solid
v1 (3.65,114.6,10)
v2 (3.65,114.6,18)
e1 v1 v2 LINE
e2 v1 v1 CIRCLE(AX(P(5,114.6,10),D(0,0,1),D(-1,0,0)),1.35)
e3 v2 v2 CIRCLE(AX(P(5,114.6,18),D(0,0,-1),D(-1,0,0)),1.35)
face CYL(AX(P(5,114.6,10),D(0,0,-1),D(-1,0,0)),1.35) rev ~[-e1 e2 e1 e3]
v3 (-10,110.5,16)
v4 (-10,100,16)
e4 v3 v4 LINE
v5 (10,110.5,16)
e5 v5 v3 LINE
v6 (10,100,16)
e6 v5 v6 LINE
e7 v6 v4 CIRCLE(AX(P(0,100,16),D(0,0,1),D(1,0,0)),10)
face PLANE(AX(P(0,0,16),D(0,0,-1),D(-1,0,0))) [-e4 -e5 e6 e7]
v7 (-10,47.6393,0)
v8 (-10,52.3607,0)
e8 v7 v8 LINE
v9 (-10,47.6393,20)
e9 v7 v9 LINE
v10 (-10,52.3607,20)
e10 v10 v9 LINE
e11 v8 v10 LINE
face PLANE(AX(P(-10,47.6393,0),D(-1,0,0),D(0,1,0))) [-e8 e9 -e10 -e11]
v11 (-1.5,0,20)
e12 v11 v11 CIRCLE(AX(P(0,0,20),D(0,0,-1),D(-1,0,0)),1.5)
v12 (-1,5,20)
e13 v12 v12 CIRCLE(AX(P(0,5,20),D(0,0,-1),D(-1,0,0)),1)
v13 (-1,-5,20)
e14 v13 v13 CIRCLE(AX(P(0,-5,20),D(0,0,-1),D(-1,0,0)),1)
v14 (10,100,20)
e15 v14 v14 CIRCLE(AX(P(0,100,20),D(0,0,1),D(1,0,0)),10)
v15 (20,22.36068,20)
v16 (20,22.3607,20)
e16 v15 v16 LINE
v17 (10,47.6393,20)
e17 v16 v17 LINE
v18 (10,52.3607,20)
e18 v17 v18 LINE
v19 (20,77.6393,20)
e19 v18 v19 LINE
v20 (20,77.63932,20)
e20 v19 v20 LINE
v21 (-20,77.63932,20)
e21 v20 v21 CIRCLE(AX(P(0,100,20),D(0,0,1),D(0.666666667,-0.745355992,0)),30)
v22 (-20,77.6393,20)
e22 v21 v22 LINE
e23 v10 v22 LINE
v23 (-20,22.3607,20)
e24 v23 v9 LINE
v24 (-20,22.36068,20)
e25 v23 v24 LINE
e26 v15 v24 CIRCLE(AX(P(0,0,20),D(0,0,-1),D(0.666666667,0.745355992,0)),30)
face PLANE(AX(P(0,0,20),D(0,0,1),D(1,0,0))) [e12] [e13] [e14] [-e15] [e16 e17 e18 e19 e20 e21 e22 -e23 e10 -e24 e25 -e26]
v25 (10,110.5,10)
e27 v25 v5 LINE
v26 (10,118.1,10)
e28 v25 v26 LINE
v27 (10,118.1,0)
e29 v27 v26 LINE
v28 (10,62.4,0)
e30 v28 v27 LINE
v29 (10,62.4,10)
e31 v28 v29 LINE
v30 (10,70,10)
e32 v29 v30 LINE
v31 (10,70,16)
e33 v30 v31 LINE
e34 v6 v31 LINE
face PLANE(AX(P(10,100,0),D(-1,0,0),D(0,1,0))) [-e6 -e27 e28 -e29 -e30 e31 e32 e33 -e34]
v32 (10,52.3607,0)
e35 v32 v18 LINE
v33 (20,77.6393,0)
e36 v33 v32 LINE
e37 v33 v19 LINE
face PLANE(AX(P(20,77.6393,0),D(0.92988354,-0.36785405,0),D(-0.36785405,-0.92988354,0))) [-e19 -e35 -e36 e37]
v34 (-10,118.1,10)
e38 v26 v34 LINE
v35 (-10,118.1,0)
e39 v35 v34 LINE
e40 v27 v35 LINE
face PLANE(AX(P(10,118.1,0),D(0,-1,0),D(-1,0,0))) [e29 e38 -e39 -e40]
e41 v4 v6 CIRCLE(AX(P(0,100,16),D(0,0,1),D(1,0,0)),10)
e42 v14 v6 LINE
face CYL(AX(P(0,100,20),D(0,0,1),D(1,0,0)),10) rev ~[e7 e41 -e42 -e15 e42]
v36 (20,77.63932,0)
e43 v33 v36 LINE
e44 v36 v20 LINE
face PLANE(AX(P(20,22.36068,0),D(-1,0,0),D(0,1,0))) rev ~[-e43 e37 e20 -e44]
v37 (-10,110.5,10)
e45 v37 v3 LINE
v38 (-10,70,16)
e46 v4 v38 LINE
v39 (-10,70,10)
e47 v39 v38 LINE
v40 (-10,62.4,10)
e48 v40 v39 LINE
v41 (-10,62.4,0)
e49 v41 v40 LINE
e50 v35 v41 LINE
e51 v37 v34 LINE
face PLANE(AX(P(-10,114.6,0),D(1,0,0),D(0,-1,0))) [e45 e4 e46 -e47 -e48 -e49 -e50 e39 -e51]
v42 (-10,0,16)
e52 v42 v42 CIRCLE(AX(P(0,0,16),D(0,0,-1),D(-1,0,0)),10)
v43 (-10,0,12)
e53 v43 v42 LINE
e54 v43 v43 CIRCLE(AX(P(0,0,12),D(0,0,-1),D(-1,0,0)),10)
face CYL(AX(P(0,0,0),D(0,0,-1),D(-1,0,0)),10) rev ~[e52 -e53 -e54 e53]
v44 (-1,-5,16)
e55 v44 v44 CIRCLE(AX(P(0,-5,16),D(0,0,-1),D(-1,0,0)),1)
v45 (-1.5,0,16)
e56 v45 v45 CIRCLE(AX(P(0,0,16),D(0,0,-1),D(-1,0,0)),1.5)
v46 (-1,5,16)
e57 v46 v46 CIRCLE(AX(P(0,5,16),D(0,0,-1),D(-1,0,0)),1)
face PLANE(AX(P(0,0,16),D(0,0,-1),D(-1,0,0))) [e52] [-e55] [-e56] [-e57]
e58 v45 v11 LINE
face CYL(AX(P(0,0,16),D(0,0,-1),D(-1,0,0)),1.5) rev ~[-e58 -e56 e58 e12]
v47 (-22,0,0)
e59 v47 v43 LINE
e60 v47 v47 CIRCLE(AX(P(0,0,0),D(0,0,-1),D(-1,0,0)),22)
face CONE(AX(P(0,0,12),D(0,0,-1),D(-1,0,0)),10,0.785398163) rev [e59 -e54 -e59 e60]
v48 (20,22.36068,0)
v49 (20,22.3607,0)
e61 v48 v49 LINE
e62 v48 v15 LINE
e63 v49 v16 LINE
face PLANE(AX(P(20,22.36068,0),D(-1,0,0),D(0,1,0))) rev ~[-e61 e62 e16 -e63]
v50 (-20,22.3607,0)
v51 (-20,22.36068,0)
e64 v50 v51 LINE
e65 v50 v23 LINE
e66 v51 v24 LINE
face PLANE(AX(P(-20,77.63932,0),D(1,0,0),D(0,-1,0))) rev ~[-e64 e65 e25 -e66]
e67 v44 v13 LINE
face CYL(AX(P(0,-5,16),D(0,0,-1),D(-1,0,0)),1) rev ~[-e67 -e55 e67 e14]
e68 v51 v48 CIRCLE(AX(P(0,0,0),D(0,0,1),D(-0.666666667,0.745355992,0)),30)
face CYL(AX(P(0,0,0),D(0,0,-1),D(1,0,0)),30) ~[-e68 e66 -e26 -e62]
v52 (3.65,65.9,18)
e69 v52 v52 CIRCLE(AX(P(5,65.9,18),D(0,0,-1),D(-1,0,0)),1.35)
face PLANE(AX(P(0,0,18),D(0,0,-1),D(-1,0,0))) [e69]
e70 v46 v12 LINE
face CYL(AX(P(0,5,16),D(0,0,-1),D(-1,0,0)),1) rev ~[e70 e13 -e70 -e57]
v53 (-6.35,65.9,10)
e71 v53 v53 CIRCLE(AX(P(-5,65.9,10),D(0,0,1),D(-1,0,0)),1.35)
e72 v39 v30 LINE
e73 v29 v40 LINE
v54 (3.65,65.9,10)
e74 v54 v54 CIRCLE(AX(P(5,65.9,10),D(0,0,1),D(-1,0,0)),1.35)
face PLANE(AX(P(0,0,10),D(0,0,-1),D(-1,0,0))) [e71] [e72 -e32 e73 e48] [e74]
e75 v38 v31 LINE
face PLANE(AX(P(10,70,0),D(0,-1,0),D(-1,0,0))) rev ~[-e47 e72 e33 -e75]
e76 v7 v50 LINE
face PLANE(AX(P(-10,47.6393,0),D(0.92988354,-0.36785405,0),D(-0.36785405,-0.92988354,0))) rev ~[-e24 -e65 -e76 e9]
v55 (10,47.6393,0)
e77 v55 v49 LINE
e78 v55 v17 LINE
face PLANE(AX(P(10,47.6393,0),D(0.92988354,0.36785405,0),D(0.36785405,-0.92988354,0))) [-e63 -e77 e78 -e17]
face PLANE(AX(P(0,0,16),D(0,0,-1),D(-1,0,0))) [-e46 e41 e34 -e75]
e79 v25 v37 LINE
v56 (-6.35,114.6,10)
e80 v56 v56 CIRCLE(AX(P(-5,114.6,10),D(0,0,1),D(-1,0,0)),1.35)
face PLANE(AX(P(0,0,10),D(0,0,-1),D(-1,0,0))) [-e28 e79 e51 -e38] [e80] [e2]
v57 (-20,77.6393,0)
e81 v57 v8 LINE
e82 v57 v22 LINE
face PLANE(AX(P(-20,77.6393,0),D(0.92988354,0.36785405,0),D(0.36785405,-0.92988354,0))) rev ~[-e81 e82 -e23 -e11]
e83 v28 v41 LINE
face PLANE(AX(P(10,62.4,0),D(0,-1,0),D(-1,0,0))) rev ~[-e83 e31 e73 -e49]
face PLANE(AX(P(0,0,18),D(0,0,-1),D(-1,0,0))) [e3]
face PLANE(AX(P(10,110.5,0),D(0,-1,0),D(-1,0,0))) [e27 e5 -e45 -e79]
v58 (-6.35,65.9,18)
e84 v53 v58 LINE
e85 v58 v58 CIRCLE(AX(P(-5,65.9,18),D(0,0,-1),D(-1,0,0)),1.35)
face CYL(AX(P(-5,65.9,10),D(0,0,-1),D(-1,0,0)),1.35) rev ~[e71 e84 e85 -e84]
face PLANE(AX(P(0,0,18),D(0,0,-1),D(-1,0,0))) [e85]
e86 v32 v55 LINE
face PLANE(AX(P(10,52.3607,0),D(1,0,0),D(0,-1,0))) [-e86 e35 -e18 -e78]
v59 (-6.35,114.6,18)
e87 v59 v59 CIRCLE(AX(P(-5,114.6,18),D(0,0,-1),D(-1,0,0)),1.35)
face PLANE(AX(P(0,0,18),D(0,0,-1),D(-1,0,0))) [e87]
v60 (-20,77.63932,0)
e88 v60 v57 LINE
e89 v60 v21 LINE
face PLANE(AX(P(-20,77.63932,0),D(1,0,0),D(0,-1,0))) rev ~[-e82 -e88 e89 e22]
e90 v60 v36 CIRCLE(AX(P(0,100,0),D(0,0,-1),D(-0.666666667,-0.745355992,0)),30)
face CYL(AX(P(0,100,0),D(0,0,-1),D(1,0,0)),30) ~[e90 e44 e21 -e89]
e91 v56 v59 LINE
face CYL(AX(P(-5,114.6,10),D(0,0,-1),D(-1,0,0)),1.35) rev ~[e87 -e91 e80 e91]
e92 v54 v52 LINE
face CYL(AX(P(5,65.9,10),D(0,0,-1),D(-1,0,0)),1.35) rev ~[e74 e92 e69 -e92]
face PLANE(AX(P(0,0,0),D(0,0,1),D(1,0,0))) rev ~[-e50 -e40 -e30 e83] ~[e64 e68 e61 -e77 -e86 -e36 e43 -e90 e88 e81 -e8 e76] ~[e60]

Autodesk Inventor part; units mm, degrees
ref_plane "YZ Plane" through (0, 0, 0) normal (1, 0, 0) x (0, 1, 0)
ref_plane "XZ Plane" through (0, 0, 0) normal (0, 1, 0) x (-1, 0, 0)
ref_plane "XY Plane" through (0, 0, 0) normal (0, 0, 1) x (1, 0, 0)
sketch "Sketch1" plane through (0, 0, 0) normal (0, 0, 1) x (1, 0, 0)
  circle A0 centre (0, 0) radius 30
  circle A1 centre (0, 100) radius 30
  line L0 (-20, 0) -> (20, 0)
  line L1 (20, 0) -> (20, 100)
  line L2 (20, 100) -> (-20, 100)
  line L3 (-20, 100) -> (-20, 0)
  point P0 (20, 77.6393)
  point P1 (-20, 77.6393)
  point P2 (-20, 22.3607)
  point P3 (20, 22.3607)
  dimension "d0" = 60
  dimension "d1" = 60
  dimension "d2" = 40
extrude "Extrusion1" add sketch "Sketch1" along normal blind 20
sketch "Sketch2" plane through (0, 0, 20) normal (0, 0, 1) x (1, 0, 0)
  circle A0 centre (0, 0) radius 10
  dimension "d5" = 20
extrude "Extrusion2" cut sketch "Sketch2" against normal blind 16
sketch "Sketch3" plane through (0, 0, 4) normal (0, 0, 1) x (1, 0, 0)
  circle A0 centre (0, 0) radius 1
  circle A1 centre (5, 0) radius 1
  circle A2 centre (-5, 0) radius 1
  dimension "d11" = 2
  dimension "d12" = 2
  dimension "d13" = 2
extrude "Extrusion3" cut sketch "Sketch3" against normal blind 28.45
sketch "Sketch4" plane through (0, 0, 0) normal (0, 0, -1) x (-1, 0, 0)
  line L0 (0, 100) -> (10, 100)
  line L1 (10, 100) -> (10, 70)
  line L2 (10, 70) -> (0, 70)
  line L3 (0, 70) -> (0, 100)
  line L4 (0, 100) -> (-10, 100)
  line L5 (-10, 100) -> (-10, 70)
  line L6 (-10, 70) -> (0, 70)
  line L7 (0, 70) -> (0, 100)
  line L8 (10, 100) -> (-10, 100)
  line L9 (-10, 100) -> (-10, 110.5)
  line L10 (-10, 110.5) -> (10, 110.5)
  line L11 (10, 110.5) -> (10, 100)
  point P0 (0, 0)
  dimension "d16" = 10
  dimension "d17" = 30
  dimension "d18" = 10
  dimension "d19" = 10.5
extrude "Extrusion4" cut sketch "Sketch4" against normal blind 16
sketch "Sketch5" plane through (0, 0, 0) normal (0, 0, -1) x (-1, 0, 0)
  line L0 (10, 110.5) -> (10, 70) projected
  line L1 (10, 110.5) -> (-10, 110.5)
  line L2 (-10, 110.5) -> (-10, 118.1)
  line L3 (-10, 118.1) -> (10, 118.1)
  line L4 (10, 118.1) -> (10, 110.5)
  line L5 (10, 70) -> (-10, 70)
  line L6 (-10, 70) -> (-10, 62.4)
  line L7 (-10, 62.4) -> (10, 62.4)
  line L8 (10, 62.4) -> (10, 70)
  line L9 (-10, 110.5) -> (10, 110.5) projected
  line L10 (10, 110.5) -> (-10, 110.5)
  line L11 (-10, 110.5) -> (-10, 114.6)
  line L12 (-10, 114.6) -> (10, 114.6)
  line L13 (10, 114.6) -> (10, 110.5)
  line L14 (10, 70) -> (-10, 70)
  line L15 (-10, 70) -> (-10, 65.9)
  line L16 (-10, 65.9) -> (10, 65.9)
  line L17 (10, 65.9) -> (10, 70)
  line L18 (0, 110.5) -> (5, 110.5)
  line L19 (5, 110.5) -> (5, 114.6)
  line L20 (5, 114.6) -> (0, 114.6)
  line L21 (0, 114.6) -> (0, 110.5)
  line L22 (0, 110.5) -> (-5, 110.5)
  line L23 (-5, 110.5) -> (-5, 114.6)
  line L24 (-5, 114.6) -> (0, 114.6)
  line L25 (0, 114.6) -> (0, 110.5)
  line L26 (0, 70) -> (5, 70)
  line L27 (5, 70) -> (5, 65.9)
  line L28 (5, 65.9) -> (0, 65.9)
  line L29 (0, 65.9) -> (0, 70)
  line L30 (0, 70) -> (-5, 70)
  line L31 (-5, 70) -> (-5, 65.9)
  line L32 (-5, 65.9) -> (0, 65.9)
  line L33 (0, 65.9) -> (0, 70)
  point P0 (0, 0)
  dimension "d22" = 7.6
  dimension "d23" = 7.6
  dimension "d24" = 4.1
  dimension "d25" = 4.1
  dimension "d26" = 5
  dimension "d27" = 5
  dimension "d28" = 5
  dimension "d29" = 5
extrude "Extrusion5" cut sketch "Sketch5" against normal blind 10
sketch "Sketch6" plane through (0, 0, 10) normal (0, 0, -1) x (-1, 0, 0)
  line L0 (10, 110.5) -> (10, 70) projected
  line L1 (-10, 62.4) -> (-10, 118.1) projected
  line L2 (10, 110.5) -> (-10, 110.5)
  line L3 (-10, 110.5) -> (-10, 114.6)
  line L4 (-10, 114.6) -> (10, 114.6)
  line L5 (10, 114.6) -> (10, 110.5)
  line L6 (10, 70) -> (-10, 70) projected
  line L7 (-10, 62.4) -> (-10, 70) projected
  line L8 (10, 70) -> (-10, 70)
  line L9 (-10, 70) -> (-10, 65.9)
  line L10 (-10, 65.9) -> (10, 65.9)
  line L11 (10, 65.9) -> (10, 70)
  line L12 (-10, 110.5) -> (10, 110.5) projected
  line L13 (0, 114.6) -> (5, 114.6)
  line L14 (5, 114.6) -> (5, 110.5)
  line L15 (5, 110.5) -> (0, 110.5)
  line L16 (0, 110.5) -> (0, 114.6)
  line L17 (0, 110.5) -> (-5, 110.5)
  line L18 (-5, 110.5) -> (-5, 114.6)
  line L19 (-5, 114.6) -> (0, 114.6)
  line L20 (0, 114.6) -> (0, 110.5)
  line L21 (0, 70) -> (5, 70)
  line L22 (5, 70) -> (5, 65.9)
  line L23 (5, 65.9) -> (0, 65.9)
  line L24 (0, 65.9) -> (0, 70)
  line L25 (0, 70) -> (-5, 70)
  line L26 (-5, 70) -> (-5, 65.9)
  line L27 (-5, 65.9) -> (0, 65.9)
  line L28 (0, 65.9) -> (0, 70)
  circle A0 centre (5, 114.6) radius 1.35
  circle A1 centre (-5, 114.6) radius 1.35
  circle A2 centre (5, 65.9) radius 1.35
  circle A3 centre (-5, 65.9) radius 1.35
  point P0 (0, 0)
  dimension "d32" = 4.1
  dimension "d33" = 4.1
  dimension "d34" = 5
  dimension "d35" = 5
  dimension "d36" = 2.7
  dimension "d37" = 2.7
  dimension "d38" = 2.7
  dimension "d39" = 2.7
extrude "Extrusion6" cut sketch "Sketch6" against normal blind 8 contours A0 L4 L14 | L14 L4 A0 | L4 A0 | A2 L10 L22 | L22 L10 A2 | A2 L10 | A1 L4 L18 | L18 L4 A1 | L4 A1 | A3 L10 L26 | L26 L10 A3 | A3 L10
sketch "Sketch7" plane through (0, 0, 20) normal (0, 0, 1) x (1, 0, 0)
  circle A0 centre (0, 100) radius 10
  point P0 (0, 0)
  dimension "d50" = 20
extrude "Extrusion7" cut sketch "Sketch7" against normal blind 4
sketch "Sketch8" plane through (0, 0, 0) normal (0, 0, -1) x (-1, 0, 0)
  line L0 (20, 77.6393) -> (20, 22.3607) projected
  arc A0 (20, 77.6393) -> (-20, 77.6393) centre (0, 100) ccw projected
  line L1 (20, 22.3607) -> (-20, 22.3607)
  line L2 (-20, 22.3607) -> (-20, 77.6393)
  line L3 (-20, 77.6393) -> (20, 77.6393)
  line L4 (20, 77.6393) -> (20, 22.3607)
  line L5 (10, 118.1) -> (10, 62.4) projected
  line L6 (10, 77.6393) -> (-10, 77.6393)
  line L7 (-10, 77.6393) -> (-10, 47.6393)
  line L8 (-10, 47.6393) -> (10, 47.6393)
  line L9 (10, 47.6393) -> (10, 77.6393)
  line L10 (-10, 22.3607) -> (10, 22.3607)
  line L11 (10, 22.3607) -> (10, 52.3607)
  line L12 (10, 52.3607) -> (-10, 52.3607)
  line L13 (-10, 52.3607) -> (-10, 22.3607)
  line L14 (20, 77.6393) -> (10, 52.3607)
  line L15 (10, 47.6393) -> (20, 22.3607)
  line L16 (-20, 77.6393) -> (-10, 52.3607)
  line L17 (-10, 47.6393) -> (-20, 22.3607)
  point P0 (0, 0)
  dimension "d53" = 20
  dimension "d54" = 30
  dimension "d55" = 30
extrude "Extrusion8" cut sketch "Sketch8" against normal blind 72.2 contours L0 L15 L9 L14 | L16 L7 L17 L2
sketch "Sketch9" plane through (0, 0, 20) normal (0, 0, 1) x (1, 0, 0)
  circle A0 centre (0, 0) radius 1 projected
  circle A1 centre (0, 0) radius 10
extrude "Extrusion9" add sketch "Sketch9" against normal blind 20
sketch "Sketch10" plane through (0, 0, 0) normal (0, 0, -1) x (-1, 0, 0)
  circle A0 centre (0, 0) radius 1 projected
  circle A1 centre (0, 0) radius 10
  dimension "d60" = 20
extrude "Extrusion10" cut sketch "Sketch10" against normal blind 16
sketch "Sketch11" plane through (0, 0, 16) normal (0, 0, -1) x (-1, 0, 0)
  circle A0 centre (0, 5) radius 1
  circle A1 centre (0, -5) radius 1
  point P0 (0, 0)
  dimension "d63" = 2
  dimension "d64" = 2
extrude "Extrusion11" cut sketch "Sketch11" against normal blind 22.1
chamfer "Chamfer2" distance 12 angle 45 1 edges at (10, 0, 0)
thread "Thread5" size "M3x0.5" class "6H" standard "ANSI Metric M Profile" full length
thread "Thread6" size "M3x0.5" class "6H" standard "ANSI Metric M Profile" full length
thread "Thread7" size "M3x0.5" class "6H" standard "ANSI Metric M Profile" full length
thread "Thread8" size "M3x0.5" class "6H" standard "ANSI Metric M Profile" full length
sketch "Sketch12" plane through (0, 0, 16) normal (0, 0, -1) x (-1, 0, 0)
  circle A0 centre (0, 0) radius 1 projected
  circle A1 centre (0, 0) radius 1.5
  dimension "d78" = 3
extrude "Extrusion12" cut sketch "Sketch12" against normal blind 10
properties part number "2ndArm"
